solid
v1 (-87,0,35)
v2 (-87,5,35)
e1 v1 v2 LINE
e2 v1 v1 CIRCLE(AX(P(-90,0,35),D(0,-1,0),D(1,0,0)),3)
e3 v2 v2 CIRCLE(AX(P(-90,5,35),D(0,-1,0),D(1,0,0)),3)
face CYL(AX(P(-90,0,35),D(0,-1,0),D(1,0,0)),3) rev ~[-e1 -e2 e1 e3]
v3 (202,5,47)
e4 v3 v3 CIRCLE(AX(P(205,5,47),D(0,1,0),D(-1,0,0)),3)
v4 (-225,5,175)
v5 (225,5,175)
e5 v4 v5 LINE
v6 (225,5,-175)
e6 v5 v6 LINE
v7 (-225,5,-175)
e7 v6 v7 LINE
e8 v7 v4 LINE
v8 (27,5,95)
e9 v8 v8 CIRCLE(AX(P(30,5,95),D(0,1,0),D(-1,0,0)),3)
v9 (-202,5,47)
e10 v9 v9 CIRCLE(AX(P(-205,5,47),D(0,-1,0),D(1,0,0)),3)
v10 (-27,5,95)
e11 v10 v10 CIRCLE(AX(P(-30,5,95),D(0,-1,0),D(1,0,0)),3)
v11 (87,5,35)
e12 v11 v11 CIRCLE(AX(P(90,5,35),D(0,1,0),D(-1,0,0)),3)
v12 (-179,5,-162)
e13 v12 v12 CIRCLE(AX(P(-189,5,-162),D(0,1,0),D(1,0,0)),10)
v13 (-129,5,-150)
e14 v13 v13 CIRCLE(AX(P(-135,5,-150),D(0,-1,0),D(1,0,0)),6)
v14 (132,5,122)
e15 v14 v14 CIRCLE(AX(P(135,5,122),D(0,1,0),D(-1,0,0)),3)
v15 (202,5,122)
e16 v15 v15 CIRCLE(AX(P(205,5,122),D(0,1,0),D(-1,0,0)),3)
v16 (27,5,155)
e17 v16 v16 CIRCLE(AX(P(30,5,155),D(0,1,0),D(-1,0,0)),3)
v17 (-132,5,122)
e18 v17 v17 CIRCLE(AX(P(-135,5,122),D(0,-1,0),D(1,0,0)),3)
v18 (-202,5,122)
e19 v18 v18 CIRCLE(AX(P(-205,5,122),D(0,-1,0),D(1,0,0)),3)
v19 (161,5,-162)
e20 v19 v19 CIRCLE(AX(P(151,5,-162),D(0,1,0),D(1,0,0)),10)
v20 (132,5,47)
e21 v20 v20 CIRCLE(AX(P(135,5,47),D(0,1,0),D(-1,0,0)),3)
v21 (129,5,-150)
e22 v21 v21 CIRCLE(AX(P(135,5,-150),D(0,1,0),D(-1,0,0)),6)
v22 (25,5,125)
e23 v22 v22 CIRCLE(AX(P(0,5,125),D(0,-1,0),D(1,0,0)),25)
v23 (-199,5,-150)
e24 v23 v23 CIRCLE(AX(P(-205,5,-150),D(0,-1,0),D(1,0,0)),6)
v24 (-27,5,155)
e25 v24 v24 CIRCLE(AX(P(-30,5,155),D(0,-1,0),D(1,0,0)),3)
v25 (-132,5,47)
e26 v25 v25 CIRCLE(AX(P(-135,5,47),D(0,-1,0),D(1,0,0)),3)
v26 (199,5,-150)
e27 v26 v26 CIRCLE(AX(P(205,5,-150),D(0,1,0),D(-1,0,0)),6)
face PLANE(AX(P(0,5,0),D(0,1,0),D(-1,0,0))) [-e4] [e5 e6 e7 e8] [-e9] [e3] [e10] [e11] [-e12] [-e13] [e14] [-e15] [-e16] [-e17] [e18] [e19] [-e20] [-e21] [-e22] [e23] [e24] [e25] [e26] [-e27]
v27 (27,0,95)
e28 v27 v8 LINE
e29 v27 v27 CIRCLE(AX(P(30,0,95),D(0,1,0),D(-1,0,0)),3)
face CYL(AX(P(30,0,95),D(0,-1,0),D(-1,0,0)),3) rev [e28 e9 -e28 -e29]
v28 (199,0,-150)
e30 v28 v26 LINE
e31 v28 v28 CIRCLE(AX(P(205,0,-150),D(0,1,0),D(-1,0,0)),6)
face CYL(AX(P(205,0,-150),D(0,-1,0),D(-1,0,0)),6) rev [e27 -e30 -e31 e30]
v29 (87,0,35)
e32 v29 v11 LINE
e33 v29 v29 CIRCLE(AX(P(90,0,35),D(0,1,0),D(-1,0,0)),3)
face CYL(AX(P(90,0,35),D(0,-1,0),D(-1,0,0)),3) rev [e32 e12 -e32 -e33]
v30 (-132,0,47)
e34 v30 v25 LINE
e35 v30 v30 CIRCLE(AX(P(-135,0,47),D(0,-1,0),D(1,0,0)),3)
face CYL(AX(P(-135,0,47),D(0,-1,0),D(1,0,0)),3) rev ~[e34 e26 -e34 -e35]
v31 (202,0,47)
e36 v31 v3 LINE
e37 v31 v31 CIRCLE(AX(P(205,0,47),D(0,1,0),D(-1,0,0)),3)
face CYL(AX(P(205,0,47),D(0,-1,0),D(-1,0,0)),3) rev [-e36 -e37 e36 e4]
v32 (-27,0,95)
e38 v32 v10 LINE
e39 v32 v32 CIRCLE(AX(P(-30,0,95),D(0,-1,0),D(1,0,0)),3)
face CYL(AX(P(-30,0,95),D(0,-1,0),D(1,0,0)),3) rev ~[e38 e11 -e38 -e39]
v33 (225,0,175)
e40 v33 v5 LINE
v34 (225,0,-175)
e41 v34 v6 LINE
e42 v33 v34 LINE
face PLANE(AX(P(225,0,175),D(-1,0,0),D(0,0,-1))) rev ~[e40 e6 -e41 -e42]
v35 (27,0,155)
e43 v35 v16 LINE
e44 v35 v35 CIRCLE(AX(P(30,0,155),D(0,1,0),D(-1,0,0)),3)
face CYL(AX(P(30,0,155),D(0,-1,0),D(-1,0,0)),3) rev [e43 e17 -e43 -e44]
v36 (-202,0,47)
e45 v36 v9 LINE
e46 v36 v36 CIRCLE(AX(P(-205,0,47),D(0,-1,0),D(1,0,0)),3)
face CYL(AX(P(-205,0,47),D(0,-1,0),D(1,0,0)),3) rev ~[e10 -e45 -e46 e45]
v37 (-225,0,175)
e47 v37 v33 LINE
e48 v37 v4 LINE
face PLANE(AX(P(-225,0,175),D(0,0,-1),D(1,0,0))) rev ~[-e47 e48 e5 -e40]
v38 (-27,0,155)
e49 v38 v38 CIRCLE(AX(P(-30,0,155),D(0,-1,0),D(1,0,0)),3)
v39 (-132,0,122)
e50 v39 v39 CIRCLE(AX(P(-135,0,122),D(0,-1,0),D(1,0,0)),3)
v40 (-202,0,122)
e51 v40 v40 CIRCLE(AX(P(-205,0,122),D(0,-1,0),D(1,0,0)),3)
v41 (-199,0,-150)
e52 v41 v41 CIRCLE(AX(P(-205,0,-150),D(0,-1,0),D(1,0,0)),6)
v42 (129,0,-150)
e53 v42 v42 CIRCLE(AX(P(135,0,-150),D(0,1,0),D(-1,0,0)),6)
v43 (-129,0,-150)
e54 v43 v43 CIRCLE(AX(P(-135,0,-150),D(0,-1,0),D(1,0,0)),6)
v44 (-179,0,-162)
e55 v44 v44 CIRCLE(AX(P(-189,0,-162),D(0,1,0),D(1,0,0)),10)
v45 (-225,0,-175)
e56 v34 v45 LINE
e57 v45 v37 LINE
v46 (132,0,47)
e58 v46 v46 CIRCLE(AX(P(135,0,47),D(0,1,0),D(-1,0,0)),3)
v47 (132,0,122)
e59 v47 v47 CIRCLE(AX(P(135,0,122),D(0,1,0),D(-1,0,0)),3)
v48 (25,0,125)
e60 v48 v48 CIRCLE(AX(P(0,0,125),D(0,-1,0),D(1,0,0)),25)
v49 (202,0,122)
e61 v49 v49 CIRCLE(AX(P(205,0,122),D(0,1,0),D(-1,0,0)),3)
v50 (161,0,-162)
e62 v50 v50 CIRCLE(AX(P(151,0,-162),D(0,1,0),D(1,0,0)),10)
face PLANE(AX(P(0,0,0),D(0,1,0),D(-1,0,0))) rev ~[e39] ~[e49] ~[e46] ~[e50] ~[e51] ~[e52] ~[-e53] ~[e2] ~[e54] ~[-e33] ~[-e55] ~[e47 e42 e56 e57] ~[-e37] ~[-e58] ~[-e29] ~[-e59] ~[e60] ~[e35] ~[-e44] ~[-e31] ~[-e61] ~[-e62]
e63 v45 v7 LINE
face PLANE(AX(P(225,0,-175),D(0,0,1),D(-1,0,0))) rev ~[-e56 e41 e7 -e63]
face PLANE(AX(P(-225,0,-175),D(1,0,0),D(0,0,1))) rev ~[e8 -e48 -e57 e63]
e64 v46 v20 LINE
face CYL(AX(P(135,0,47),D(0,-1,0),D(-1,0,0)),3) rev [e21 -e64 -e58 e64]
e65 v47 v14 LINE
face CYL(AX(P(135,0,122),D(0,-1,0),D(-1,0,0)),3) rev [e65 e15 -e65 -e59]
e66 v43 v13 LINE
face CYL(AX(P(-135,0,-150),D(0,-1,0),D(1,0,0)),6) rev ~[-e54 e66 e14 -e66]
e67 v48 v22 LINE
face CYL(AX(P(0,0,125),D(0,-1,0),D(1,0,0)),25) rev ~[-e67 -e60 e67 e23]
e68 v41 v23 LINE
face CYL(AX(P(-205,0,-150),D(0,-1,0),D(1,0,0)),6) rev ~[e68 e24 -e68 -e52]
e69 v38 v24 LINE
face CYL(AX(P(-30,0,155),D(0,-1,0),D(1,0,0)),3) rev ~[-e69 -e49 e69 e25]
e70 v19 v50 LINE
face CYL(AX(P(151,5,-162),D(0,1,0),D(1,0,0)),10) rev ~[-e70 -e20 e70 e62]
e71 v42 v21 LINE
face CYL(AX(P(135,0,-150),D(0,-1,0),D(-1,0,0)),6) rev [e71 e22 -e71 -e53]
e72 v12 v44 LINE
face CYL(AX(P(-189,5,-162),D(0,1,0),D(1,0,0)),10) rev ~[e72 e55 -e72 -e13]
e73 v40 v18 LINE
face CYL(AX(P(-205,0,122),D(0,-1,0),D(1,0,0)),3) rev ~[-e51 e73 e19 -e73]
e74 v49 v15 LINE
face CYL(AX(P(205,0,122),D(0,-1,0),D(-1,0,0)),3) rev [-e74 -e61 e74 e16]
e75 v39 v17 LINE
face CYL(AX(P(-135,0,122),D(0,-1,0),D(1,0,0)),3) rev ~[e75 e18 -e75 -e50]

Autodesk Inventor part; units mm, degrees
ref_plane "YZ Plane" through (0, 0, 0) normal (1, 0, 0) x (0, 1, 0)
ref_plane "XZ Plane" through (0, 0, 0) normal (0, 1, 0) x (-1, 0, 0)
ref_plane "XY Plane" through (0, 0, 0) normal (0, 0, 1) x (1, 0, 0)
sketch "Sketch1" plane through (0, 0, 0) normal (0, 1, 0) x (-1, 0, 0)
  line L0 (225, 175) -> (-225, 175)
  line L1 (-225, 175) -> (-225, -175)
  line L2 (-225, -175) -> (225, -175)
  line L3 (225, -175) -> (225, 175)
  line L4 (225, 175) -> (-225, -175) construction
  line L5 (-225, 175) -> (225, -175) construction
  point P0 (0, 0)
  dimension "d0" = 450
  dimension "d1" = 350
extrude "Extrusion1" add sketch "Sketch1" along normal blind 5
sketch "Sketch2" plane through (0, 0, 0) normal (0, -1, 0) x (1, 0, 0)
  line L0 (225, 175) -> (225, -175) projected
  line L1 (-225, 175) -> (225, 175) projected
  line L2 (-225, -175) -> (-225, 175) projected
  line L3 (225, -175) -> (-225, -175) projected
  line L4 (-198.5, -164) -> (-198.5, -170) projected
  line L5 (-220, -170) -> (-198.5, -170) projected
  line L6 (-220, -115) -> (-220, -170) projected
  line L7 (-220, -115) -> (-120, -115) projected
  line L8 (-120, -115) -> (-120, -170) projected
  line L9 (-180, -170) -> (-120, -170) projected
  line L10 (-180, -170) -> (-180, -159) projected
  arc A0 (-180, -159) -> (-185, -154) centre (-185, -159) ccw projected
  line L11 (-185, -154) -> (-188.5, -154) projected
  arc A1 (-188.5, -154) -> (-198.5, -164) centre (-188.5, -164) ccw projected
  circle A2 centre (-205, -150) radius 6.1 projected
  circle A3 centre (-135, -150) radius 6.1 projected
  circle A4 centre (-205, 122) radius 3.05 projected
  circle A5 centre (-135, 47) radius 3.05 projected
  circle A6 centre (-135, 122) radius 3.05 projected
  circle A7 centre (-205, 47) radius 3.05 projected
  line L12 (-120, 134.5) -> (-120, 34.5) projected
  line L13 (-220, 34.5) -> (-120, 34.5) projected
  line L14 (-220, 134.5) -> (-220, 34.5) projected
  line L15 (-120, 134.5) -> (-220, 134.5) projected
  circle A8 centre (30, 95) radius 3.1 projected
  circle A9 centre (30, 155) radius 3.1 projected
  circle A10 centre (-30, 95) radius 3.1 projected
  circle A11 centre (-30, 155) radius 3.1 projected
  circle A12 centre (90, 215) radius 3.1 projected
  circle A13 centre (90, 35) radius 3.1 projected
  circle A14 centre (-90, 215) radius 3.1 projected
  circle A15 centre (-90, 35) radius 3.1 projected
  circle A16 centre (0, 125) radius 25 projected
  line L16 (100, 225) -> (100, 25) projected
  line L17 (100, 25) -> (-100, 25) projected
  line L18 (-100, 25) -> (-100, 225) projected
  line L19 (-100, 225) -> (100, 225) projected
  circle A17 centre (-205, -150) radius 6
  circle A18 centre (-135, -150) radius 6
  circle A19 centre (-205, 47) radius 3
  circle A20 centre (-205, 122) radius 3
  circle A21 centre (-135, 47) radius 3
  circle A22 centre (-135, 122) radius 3
  circle A23 centre (-90, 35) radius 3
  circle A24 centre (-30, 155) radius 3
  circle A25 centre (-30, 95) radius 3
  point P0 (0, 0)
  dimension "d4" = 12
  dimension "d5" = 12
  dimension "d6" = 6
  dimension "d7" = 6
  dimension "d8" = 6
  dimension "d9" = 6
  dimension "d10" = 6
  dimension "d11" = 6
  dimension "d12" = 6
extrude "Extrusion2" cut sketch "Sketch2" against normal blind 5 contours A17 | A18 | A19 | A20 | A21 | A22 | A23 | A24 | A25
mirror "Mirror1" about plane through (0, 0, 0) normal (1, 0, 0) of "Extrusion2"
sketch "Sketch3" plane through (0, 0, 0) normal (0, -1, 0) x (1, 0, 0)
  circle A0 centre (30, 95) radius 3.1 projected
  circle A1 centre (30, 155) radius 3.1 projected
  circle A2 centre (-30, 95) radius 3.1 projected
  circle A3 centre (-30, 155) radius 3.1 projected
  circle A4 centre (90, 215) radius 3.1 projected
  circle A5 centre (90, 35) radius 3.1 projected
  circle A6 centre (-90, 215) radius 3.1 projected
  circle A7 centre (-90, 35) radius 3.1 projected
  circle A8 centre (0, 125) radius 25 projected
  line L0 (100, 225) -> (100, 25) projected
  line L1 (100, 25) -> (-100, 25) projected
  line L2 (-100, 25) -> (-100, 225) projected
  line L3 (-100, 225) -> (100, 225) projected
  point P0 (0, 0)
extrude "Extrusion3" cut sketch "Sketch3" against normal blind 5 contours A8
sketch "Sketch6" plane through (0, 5, 0) normal (0, 1, 0) x (1, 0, 0)
  circle A0 centre (0, -125) radius 25 projected
  circle A1 centre (205, -47) radius 3 projected
  circle A2 centre (90, -35) radius 3 projected
  circle A3 centre (30, -95) radius 3 projected
  circle A4 centre (205, -122) radius 3 projected
  circle A5 centre (135, 150) radius 6 projected
  circle A6 centre (135, -122) radius 3 projected
  circle A7 centre (30, -155) radius 3 projected
  circle A8 centre (135, -47) radius 3 projected
  circle A9 centre (205, 150) radius 6 projected
  circle A10 centre (-205, -47) radius 3 projected
  circle A11 centre (-90, -35) radius 3 projected
  circle A12 centre (-30, -95) radius 3 projected
  circle A13 centre (-205, -122) radius 3 projected
  circle A14 centre (-135, 150) radius 6 projected
  circle A15 centre (-135, -122) radius 3 projected
  circle A16 centre (-30, -155) radius 3 projected
  circle A17 centre (-135, -47) radius 3 projected
  circle A18 centre (-205, 150) radius 6 projected
  line L0 (225, -175) -> (225, 175) projected
  line L1 (225, 175) -> (-225, 175) projected
  line L2 (-225, 175) -> (-225, -175) projected
  line L3 (-225, -175) -> (225, -175) projected
  circle A19 centre (-189, 162) radius 10
  circle A20 centre (151, 162) radius 10
  point P0 (0, 0)
  dimension "d30" = 20
  dimension "d31" = 13
  dimension "d32" = 36
  dimension "d33" = 20
  dimension "d34" = 13
  dimension "d35" = 74
extrude "Extrusion6" cut sketch "Sketch6" against normal blind 5 contours A19 | A20
properties part number "acrylic_upper" material "ABS Plastic"
